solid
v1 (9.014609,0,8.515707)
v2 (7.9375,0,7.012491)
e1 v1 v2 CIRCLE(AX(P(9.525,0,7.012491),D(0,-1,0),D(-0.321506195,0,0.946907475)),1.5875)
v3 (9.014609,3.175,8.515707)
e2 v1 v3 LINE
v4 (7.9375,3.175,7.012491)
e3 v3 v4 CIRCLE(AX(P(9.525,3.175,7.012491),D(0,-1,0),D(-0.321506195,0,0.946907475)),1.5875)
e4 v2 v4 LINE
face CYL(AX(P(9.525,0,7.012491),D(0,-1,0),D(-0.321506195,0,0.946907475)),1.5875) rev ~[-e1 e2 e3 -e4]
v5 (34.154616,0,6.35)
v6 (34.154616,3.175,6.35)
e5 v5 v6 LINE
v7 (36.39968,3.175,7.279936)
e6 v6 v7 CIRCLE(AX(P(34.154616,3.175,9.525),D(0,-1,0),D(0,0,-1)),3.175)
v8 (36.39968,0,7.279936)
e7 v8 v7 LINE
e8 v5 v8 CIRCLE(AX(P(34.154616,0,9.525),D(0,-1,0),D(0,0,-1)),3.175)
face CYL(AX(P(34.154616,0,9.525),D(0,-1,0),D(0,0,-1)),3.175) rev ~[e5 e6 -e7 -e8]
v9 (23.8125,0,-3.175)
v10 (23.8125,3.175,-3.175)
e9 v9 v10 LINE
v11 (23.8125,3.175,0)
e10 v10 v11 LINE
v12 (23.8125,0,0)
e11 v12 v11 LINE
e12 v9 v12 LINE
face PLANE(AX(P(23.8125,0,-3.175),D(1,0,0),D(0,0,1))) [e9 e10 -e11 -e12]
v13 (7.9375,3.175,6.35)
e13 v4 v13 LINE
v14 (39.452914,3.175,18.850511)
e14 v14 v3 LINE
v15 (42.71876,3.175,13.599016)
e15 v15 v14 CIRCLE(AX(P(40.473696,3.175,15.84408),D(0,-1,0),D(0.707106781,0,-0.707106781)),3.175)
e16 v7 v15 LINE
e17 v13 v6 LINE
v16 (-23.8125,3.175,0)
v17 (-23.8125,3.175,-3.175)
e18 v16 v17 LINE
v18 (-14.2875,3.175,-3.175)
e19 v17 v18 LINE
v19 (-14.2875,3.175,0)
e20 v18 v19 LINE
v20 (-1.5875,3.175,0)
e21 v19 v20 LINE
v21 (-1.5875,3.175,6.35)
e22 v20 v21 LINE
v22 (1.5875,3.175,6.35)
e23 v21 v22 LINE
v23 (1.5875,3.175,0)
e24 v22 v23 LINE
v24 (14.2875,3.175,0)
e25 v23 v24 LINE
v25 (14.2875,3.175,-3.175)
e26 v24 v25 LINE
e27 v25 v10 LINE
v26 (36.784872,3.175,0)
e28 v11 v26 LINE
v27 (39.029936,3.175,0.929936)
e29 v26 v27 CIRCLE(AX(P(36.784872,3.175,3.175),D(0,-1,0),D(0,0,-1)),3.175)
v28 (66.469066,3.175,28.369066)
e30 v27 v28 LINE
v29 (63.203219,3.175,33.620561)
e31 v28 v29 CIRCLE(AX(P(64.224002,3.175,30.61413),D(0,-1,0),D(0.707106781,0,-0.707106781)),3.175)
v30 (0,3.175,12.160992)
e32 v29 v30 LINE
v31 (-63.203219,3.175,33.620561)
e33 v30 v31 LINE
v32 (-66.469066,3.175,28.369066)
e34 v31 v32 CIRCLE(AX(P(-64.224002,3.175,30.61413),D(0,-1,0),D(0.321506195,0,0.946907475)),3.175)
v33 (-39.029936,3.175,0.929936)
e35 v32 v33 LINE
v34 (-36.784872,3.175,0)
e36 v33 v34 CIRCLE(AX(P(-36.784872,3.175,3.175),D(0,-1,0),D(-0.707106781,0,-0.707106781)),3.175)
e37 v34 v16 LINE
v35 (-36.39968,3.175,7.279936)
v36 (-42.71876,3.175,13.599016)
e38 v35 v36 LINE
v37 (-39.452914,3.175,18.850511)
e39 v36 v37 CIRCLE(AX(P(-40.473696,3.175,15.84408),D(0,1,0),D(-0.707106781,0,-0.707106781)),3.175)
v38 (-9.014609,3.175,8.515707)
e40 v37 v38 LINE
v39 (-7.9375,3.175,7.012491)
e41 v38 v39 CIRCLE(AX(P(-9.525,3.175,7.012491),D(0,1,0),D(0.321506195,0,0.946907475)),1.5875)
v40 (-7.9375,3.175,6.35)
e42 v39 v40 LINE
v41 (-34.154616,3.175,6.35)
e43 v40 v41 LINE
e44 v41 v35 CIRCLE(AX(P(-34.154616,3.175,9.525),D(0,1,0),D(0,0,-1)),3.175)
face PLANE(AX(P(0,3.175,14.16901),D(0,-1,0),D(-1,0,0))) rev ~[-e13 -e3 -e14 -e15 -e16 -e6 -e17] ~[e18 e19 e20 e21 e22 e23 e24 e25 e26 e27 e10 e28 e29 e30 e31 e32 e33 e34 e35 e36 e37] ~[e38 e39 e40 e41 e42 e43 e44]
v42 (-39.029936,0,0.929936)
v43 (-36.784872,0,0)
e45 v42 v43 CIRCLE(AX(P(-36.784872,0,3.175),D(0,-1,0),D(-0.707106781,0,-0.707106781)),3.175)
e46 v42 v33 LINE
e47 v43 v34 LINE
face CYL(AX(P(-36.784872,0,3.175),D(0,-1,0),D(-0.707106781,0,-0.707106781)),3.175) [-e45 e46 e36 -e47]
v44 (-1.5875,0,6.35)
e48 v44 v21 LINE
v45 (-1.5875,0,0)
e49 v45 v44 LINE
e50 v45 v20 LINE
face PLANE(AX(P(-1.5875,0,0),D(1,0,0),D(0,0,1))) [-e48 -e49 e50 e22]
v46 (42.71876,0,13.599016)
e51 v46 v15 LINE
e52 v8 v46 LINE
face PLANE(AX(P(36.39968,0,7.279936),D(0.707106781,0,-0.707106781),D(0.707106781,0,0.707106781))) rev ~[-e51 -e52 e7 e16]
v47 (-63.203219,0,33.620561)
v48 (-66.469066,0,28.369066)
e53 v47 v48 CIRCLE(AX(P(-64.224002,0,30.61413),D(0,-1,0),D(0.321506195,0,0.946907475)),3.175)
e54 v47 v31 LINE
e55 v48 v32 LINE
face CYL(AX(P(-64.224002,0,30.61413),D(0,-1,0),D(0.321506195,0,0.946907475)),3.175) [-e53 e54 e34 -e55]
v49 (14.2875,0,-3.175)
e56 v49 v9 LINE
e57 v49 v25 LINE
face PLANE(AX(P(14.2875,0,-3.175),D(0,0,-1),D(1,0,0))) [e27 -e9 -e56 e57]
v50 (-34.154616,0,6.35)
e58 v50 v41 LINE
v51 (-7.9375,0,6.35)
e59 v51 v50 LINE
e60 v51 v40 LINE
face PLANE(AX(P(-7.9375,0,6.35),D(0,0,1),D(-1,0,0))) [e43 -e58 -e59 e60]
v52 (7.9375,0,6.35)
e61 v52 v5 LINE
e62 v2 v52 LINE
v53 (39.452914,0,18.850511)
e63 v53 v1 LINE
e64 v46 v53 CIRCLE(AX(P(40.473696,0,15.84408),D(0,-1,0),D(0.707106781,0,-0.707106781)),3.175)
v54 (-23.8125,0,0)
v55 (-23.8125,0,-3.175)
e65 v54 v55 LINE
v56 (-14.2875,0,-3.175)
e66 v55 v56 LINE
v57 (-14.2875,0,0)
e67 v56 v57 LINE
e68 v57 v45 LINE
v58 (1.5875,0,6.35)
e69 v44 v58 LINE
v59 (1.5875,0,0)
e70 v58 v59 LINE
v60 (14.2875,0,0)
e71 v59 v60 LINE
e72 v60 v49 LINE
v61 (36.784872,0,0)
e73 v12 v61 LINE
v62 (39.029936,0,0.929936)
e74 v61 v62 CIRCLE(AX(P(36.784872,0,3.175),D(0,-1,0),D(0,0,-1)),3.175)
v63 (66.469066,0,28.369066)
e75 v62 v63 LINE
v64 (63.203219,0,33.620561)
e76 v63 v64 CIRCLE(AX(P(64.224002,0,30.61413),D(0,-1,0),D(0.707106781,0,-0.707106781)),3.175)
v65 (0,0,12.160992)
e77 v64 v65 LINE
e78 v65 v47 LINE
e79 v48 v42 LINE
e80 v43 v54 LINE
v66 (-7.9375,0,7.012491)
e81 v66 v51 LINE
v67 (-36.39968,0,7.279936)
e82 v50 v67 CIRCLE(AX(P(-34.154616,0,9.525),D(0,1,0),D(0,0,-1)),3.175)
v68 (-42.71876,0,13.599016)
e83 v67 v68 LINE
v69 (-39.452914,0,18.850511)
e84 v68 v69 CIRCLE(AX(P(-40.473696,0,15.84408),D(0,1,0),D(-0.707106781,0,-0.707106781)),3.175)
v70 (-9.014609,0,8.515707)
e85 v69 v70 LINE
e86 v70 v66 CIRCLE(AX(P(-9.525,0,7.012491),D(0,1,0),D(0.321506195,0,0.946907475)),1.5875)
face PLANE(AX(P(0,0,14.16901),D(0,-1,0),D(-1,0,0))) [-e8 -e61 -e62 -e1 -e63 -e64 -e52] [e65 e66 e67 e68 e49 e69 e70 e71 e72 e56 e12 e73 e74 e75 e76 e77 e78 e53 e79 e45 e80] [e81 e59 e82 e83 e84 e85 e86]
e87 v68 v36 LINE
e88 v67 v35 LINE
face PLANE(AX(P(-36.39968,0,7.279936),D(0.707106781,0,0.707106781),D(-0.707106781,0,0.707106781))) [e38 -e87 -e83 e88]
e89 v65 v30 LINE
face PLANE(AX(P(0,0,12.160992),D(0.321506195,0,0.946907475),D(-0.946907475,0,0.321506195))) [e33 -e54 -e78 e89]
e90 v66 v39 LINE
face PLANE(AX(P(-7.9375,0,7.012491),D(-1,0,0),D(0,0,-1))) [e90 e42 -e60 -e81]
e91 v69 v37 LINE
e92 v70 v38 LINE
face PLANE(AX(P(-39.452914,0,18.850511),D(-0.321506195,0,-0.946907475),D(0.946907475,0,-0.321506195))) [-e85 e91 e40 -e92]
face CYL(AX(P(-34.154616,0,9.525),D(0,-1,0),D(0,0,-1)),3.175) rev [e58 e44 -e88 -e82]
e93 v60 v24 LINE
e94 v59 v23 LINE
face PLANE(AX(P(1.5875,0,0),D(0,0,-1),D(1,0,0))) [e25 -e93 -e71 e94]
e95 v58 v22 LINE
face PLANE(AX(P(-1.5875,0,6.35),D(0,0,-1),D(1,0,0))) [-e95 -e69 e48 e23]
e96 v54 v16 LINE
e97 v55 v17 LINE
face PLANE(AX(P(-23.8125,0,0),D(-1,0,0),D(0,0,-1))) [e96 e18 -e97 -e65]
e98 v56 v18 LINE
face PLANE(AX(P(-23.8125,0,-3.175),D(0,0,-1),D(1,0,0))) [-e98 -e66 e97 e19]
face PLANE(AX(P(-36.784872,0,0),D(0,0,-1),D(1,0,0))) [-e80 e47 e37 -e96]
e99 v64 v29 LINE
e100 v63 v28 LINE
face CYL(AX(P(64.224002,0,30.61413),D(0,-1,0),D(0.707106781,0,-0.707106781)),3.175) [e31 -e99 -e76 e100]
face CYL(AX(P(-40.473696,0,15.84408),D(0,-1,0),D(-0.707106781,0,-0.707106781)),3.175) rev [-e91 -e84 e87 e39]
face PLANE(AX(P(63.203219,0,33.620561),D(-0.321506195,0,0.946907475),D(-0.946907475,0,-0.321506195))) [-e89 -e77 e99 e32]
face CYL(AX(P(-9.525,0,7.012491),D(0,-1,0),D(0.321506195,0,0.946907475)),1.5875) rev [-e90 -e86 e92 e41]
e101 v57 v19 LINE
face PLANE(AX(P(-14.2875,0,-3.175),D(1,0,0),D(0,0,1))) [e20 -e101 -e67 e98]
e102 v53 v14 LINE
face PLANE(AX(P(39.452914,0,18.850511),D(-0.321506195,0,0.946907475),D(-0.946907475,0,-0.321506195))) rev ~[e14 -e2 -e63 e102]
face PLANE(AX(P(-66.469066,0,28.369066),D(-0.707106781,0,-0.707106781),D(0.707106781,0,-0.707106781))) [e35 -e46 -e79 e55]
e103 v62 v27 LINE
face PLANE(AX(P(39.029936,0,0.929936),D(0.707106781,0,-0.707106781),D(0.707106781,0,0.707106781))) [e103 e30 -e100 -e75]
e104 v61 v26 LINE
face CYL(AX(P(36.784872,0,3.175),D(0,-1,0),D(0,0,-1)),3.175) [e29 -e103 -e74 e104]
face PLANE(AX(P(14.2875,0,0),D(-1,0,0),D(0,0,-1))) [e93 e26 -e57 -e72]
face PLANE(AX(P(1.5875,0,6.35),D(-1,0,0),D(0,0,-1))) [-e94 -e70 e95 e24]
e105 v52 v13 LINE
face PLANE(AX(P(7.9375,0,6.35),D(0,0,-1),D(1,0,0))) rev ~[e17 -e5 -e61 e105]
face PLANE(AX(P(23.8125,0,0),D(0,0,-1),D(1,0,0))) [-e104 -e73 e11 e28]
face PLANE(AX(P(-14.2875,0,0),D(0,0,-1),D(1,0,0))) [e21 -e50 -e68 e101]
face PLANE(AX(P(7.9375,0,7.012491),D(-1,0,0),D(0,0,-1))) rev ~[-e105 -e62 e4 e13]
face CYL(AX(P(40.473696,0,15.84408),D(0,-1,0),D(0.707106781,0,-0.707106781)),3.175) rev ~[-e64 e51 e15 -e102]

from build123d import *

# Parameters (mm, degrees)
BOSS_EXTRUDE1_DEPTH = 3.175


with BuildPart() as part:
    # Sketch1 → Boss-Extrude1 (new body)
    with BuildSketch(Plane(origin=(0, 0, 0), x_dir=(1, 0, 0), z_dir=(0, 1, 0))):
        with BuildLine():
            Line((-36.784871939, 0), (-23.8125, 0))
            Line((-23.8125, 0), (-23.8125, 3.175))
            Line((-23.8125, 3.175), (-14.2875, 3.175))
            Line((-14.2875, 3.175), (-14.2875, 0))
            Line((-14.2875, 0), (-1.5875, 0))
            Line((-1.5875, 0), (-1.5875, -6.35))
            Line((-1.5875, -6.35), (1.5875, -6.35))
            Line((1.5875, -6.35), (1.5875, 0))
            Line((1.5875, 0), (14.2875, 0))
            Line((14.2875, 0), (14.2875, 3.175))
            Line((14.2875, 3.175), (23.8125, 3.175))
            Line((23.8125, 3.175), (23.8125, 0))
            Line((23.8125, 0), (36.784871939, 0))
            ThreePointArc((36.784871939, 0), (37.999891837, -0.241682484), (39.02993597, -0.92993597))
            Line((39.02993597, -0.92993597), (66.469065694, -28.369065694))
            ThreePointArc((66.469065694, -28.369065694), (66.920159512, -32.290840151), (63.203219493, -33.620560958))
            Line((63.203219493, -33.620560958), (0, -12.160991598))
            Line((0, -12.160991598), (-63.203219493, -33.620560958))
            ThreePointArc((-63.203219493, -33.620560958), (-66.920159512, -32.290840151), (-66.469065694, -28.369065694))
            Line((-66.469065694, -28.369065694), (-39.02993597, -0.92993597))
            ThreePointArc((-39.02993597, -0.92993597), (-37.999891837, -0.241682484), (-36.784871939, 0))
        make_face()
        with BuildLine():
            Line((-39.452913677, -18.850511262), (-9.014608915, -8.515706841))
            ThreePointArc((-9.014608915, -8.515706841), (-8.234573307, -7.9371291), (-7.9375, -7.012491225))
            Line((-7.9375, -7.012491225), (-7.9375, -6.35))
            Line((-7.9375, -6.35), (-34.154615818, -6.35))
            ThreePointArc((-34.154615818, -6.35), (-35.369635716, -6.591682484), (-36.399679849, -7.27993597))
            Line((-36.399679849, -7.27993597), (-42.718759878, -13.599015999))
            ThreePointArc((-42.718759878, -13.599015999), (-43.169853696, -17.520790456), (-39.452913677, -18.850511262))
        make_face(mode=Mode.SUBTRACT)
        with BuildLine():
            Line((39.452913677, -18.850511262), (9.014608915, -8.515706841))
            ThreePointArc((9.014608915, -8.515706841), (8.234573307, -7.9371291), (7.9375, -7.012491225))
            Line((7.9375, -7.012491225), (7.9375, -6.35))
            Line((7.9375, -6.35), (34.154615818, -6.35))
            ThreePointArc((34.154615818, -6.35), (35.369635716, -6.591682484), (36.399679849, -7.27993597))
            Line((36.399679849, -7.27993597), (42.718759878, -13.599015999))
            ThreePointArc((42.718759878, -13.599015999), (43.169853696, -17.520790456), (39.452913677, -18.850511262))
        make_face(mode=Mode.SUBTRACT)
    extrude(amount=BOSS_EXTRUDE1_DEPTH)


solid = part.part
